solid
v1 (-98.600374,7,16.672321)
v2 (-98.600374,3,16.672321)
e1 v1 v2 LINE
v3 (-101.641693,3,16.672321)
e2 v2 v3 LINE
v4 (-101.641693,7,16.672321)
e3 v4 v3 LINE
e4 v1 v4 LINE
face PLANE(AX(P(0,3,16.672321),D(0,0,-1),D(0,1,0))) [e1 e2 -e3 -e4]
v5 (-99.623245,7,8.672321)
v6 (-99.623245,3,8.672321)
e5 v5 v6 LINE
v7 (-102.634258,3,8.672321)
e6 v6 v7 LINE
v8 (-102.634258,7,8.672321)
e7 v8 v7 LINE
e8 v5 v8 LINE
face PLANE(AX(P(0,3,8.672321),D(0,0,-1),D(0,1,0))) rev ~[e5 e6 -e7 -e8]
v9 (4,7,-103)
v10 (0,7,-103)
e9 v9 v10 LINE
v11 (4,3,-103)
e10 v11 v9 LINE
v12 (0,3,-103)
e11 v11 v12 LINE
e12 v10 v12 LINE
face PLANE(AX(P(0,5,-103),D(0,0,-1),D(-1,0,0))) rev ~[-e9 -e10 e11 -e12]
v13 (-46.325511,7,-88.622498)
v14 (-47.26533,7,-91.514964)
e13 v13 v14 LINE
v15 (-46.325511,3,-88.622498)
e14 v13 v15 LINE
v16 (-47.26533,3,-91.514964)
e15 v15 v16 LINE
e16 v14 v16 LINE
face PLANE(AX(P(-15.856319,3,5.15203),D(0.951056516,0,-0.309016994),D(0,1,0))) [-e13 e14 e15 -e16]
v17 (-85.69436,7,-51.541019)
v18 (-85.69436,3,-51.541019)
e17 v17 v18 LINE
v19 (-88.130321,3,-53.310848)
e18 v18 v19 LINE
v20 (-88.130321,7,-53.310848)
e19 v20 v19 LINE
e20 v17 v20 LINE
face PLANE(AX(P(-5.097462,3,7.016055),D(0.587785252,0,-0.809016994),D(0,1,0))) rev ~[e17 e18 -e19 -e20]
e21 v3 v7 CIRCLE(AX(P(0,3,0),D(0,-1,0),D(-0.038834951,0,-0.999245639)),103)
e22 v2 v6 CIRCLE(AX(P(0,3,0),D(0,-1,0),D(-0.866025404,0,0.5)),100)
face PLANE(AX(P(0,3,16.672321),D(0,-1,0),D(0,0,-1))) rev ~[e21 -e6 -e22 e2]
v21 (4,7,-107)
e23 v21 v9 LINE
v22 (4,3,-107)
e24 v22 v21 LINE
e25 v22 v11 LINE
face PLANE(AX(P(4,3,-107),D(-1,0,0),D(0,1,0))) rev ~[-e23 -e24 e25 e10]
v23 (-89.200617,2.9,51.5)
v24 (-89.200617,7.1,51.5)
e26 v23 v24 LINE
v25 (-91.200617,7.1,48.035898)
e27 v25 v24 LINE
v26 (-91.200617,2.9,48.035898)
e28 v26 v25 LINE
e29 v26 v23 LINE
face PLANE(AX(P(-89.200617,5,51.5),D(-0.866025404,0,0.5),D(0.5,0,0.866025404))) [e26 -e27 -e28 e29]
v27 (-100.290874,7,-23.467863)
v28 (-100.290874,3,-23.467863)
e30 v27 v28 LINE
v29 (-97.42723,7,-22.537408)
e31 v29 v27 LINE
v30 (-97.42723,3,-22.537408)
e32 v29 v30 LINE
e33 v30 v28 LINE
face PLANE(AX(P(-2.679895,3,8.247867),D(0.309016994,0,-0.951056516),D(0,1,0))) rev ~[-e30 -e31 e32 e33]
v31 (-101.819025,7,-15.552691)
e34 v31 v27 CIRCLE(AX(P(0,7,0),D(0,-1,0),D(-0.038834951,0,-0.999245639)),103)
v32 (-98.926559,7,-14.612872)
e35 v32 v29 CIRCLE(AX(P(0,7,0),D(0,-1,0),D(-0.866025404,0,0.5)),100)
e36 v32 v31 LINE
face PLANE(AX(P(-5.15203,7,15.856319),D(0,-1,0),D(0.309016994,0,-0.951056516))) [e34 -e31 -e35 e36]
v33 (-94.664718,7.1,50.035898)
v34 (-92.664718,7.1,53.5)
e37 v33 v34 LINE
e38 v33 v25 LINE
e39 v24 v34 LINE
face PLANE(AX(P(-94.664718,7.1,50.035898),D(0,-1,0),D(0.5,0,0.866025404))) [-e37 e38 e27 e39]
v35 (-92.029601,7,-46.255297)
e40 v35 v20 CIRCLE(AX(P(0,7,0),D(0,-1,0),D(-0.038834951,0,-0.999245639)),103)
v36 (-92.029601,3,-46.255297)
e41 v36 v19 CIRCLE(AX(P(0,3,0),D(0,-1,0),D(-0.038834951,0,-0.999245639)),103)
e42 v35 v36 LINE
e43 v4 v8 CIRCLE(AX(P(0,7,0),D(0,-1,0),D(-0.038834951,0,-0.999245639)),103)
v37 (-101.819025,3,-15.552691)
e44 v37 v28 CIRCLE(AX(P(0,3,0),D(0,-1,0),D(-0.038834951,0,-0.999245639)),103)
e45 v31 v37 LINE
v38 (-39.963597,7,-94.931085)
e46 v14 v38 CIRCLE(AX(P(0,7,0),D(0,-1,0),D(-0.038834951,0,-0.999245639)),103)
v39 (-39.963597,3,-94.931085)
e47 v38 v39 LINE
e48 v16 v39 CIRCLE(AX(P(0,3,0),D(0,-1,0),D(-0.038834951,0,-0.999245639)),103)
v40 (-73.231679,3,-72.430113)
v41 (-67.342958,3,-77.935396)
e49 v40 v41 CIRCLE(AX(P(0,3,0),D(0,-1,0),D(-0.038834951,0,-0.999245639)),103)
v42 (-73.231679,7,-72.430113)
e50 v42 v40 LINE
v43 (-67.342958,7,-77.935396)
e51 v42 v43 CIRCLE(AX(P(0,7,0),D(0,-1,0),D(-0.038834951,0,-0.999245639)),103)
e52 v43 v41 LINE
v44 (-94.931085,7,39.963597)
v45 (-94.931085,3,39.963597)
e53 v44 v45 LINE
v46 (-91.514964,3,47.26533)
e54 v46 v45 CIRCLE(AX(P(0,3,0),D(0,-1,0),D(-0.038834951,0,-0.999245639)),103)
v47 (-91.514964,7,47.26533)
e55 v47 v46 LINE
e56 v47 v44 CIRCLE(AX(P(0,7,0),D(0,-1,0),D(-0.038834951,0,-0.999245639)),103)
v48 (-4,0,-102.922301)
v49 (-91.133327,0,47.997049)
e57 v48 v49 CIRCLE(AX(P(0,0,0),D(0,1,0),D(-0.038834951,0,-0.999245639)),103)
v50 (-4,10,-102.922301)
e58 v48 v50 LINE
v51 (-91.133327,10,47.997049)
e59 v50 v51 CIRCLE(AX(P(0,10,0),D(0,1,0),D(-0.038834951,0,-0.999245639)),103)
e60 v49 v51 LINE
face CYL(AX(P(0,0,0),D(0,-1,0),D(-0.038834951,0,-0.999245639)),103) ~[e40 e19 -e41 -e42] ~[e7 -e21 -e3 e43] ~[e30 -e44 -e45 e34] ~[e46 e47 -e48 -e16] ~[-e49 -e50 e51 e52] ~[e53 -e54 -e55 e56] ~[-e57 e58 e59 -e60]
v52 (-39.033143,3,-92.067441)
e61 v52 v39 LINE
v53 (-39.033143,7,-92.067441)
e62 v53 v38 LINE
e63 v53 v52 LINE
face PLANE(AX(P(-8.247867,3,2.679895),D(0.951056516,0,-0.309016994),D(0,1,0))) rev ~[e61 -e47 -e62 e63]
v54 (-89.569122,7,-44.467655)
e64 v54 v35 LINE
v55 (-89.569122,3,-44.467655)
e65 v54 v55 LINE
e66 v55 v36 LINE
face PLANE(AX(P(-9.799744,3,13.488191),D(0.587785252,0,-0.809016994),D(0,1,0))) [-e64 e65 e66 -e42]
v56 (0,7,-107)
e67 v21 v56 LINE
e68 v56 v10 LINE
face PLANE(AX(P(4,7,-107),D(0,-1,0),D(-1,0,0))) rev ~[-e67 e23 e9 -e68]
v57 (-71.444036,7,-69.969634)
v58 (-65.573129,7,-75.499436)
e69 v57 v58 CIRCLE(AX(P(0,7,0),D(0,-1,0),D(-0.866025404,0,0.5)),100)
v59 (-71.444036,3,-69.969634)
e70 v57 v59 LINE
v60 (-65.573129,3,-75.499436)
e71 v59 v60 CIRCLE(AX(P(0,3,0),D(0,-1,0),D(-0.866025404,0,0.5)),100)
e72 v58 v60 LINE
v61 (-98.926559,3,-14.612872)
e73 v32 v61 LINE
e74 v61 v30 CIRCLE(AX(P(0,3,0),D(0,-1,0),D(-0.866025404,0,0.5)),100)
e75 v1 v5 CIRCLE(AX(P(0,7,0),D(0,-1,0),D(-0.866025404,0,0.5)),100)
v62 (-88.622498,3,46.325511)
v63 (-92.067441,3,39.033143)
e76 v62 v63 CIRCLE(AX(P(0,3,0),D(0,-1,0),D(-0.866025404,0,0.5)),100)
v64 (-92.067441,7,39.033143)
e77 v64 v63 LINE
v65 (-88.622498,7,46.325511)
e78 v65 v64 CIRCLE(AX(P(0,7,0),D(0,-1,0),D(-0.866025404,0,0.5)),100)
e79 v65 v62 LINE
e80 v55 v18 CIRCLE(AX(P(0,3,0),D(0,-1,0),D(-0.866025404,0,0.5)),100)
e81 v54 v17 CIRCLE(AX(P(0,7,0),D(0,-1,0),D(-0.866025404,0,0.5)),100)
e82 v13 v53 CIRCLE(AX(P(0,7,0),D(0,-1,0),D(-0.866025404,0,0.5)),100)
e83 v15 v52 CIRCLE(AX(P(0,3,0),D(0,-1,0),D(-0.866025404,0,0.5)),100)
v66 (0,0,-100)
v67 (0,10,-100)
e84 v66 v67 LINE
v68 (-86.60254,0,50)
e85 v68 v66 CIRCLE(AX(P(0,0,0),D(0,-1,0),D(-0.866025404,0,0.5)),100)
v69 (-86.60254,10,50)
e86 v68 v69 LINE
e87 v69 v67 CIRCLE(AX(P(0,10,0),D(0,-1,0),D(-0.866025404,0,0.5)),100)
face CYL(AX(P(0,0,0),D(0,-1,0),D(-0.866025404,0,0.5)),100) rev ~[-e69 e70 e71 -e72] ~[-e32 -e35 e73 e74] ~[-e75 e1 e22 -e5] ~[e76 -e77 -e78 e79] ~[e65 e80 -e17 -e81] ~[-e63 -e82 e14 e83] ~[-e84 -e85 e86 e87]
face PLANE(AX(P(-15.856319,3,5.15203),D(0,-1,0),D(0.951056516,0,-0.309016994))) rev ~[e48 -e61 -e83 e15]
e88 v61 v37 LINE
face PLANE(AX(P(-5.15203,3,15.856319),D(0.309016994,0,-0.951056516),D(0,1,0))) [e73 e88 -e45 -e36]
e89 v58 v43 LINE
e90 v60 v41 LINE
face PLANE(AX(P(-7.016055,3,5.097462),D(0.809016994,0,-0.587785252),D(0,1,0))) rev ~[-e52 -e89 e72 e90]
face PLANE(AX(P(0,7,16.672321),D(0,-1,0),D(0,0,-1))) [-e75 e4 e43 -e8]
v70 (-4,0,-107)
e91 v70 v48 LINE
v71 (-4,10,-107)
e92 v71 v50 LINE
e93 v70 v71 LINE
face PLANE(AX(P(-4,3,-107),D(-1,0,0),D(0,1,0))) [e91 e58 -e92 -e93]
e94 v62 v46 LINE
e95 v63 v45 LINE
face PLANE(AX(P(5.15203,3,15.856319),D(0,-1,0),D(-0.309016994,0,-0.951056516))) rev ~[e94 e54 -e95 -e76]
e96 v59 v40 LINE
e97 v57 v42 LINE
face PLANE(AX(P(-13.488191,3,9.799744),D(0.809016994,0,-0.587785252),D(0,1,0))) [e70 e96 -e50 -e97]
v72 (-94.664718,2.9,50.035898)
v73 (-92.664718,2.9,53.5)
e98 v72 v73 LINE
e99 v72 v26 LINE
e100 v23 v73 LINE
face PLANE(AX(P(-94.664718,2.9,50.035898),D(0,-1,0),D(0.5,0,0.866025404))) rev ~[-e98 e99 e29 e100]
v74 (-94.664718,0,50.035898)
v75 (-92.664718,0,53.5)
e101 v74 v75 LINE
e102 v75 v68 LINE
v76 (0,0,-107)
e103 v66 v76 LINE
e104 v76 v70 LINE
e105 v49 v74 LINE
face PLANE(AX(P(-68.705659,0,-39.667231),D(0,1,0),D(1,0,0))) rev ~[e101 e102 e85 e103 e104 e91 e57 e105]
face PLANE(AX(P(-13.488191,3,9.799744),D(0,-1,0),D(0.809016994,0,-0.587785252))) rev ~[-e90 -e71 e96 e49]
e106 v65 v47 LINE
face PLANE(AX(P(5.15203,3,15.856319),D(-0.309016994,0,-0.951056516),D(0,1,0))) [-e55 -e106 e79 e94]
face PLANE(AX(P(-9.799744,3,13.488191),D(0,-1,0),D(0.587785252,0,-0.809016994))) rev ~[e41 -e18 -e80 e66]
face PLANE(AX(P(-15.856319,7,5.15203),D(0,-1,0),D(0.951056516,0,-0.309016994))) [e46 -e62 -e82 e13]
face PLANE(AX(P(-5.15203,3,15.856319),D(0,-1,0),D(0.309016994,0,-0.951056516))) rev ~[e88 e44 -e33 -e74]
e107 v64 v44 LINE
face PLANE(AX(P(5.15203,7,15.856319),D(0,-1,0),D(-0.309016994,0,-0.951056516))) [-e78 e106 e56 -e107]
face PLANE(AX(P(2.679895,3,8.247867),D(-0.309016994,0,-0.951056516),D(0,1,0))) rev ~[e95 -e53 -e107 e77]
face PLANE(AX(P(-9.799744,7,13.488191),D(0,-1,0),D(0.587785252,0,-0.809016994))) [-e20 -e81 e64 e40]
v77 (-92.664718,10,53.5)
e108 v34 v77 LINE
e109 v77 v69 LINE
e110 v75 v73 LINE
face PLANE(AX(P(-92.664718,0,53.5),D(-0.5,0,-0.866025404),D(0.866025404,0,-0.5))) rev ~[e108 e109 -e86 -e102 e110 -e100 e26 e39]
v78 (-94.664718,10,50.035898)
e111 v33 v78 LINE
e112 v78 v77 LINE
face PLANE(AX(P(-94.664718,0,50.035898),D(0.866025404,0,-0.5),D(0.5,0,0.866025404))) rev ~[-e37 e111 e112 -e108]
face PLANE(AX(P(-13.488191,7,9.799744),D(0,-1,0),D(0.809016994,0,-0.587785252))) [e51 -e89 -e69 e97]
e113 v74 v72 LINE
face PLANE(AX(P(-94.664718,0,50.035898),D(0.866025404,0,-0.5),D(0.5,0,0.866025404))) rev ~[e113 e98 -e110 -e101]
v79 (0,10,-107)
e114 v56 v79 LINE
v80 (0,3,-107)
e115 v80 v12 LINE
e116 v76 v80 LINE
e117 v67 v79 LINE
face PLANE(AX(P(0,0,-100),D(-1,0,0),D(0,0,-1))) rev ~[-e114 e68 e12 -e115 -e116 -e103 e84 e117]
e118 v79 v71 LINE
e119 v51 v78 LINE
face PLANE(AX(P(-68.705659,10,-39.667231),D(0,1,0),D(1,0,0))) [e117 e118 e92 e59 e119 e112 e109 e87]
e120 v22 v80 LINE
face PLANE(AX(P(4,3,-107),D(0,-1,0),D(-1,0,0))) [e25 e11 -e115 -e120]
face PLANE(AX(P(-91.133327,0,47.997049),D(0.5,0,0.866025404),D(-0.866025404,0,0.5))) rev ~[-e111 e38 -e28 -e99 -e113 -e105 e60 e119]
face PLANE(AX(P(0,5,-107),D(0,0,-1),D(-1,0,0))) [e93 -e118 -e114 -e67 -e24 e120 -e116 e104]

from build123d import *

# Parameters (mm, degrees)
BOSS_EXTRUDE1_DEPTH             = 10
SKETCH2_W                       = 8
SKETCH2_H                       = 4.2
CUT_EXTRUDE1_DEPTH              = 4
SKETCH3_W                       = 8
SKETCH3_H                       = 4
BOSS_EXTRUDE2_DEPTH             = 4
SKETCH4_W                       = 8
SKETCH4_H                       = 4
CUT_EXTRUDE2_DEPTH              = 104
CIRPATTERN4_COUNT               = 5
CIRPATTERN4_ANGLE               = 72
CIRPATTERN4_THE_OTHER_WAY_COUNT = 5
CIRPATTERN4_THE_OTHER_WAY_ANGLE = 72


with BuildPart() as part:
    # Sketch1 → Boss-Extrude1 (new body)
    with BuildSketch(Plane(origin=(0, 0, 0), x_dir=(1, 0, 0), z_dir=(0, 1, 0))):
        with BuildLine():
            Line((-4, 107), (-4, 102.92230079))
            ThreePointArc((-4, 102.92230079), (-89.20061659, 51.5), (-91.1333271, -47.99704878))
            Line((-91.1333271, -47.99704878), (-94.664718205, -50.035898385))
            Line((-94.664718205, -50.035898385), (-92.664718205, -53.5))
            Line((-92.664718205, -53.5), (-86.602540378, -50))
            ThreePointArc((-86.602540378, -50), (-86.602540378, 50), (0, 100))
            Line((0, 100), (0, 107))
            Line((0, 107), (-4, 107))
        make_face()
    extrude(amount=BOSS_EXTRUDE1_DEPTH)

    # Sketch2 → Cut-Extrude1 (cut)
    with BuildSketch(Plane(origin=(-92.664718205, 0, 53.5), x_dir=(0.5, 0, 0.866025404), z_dir=(-0.866025404, 0, 0.5))):
        with Locations((0, 5)):
            Rectangle(SKETCH2_W, SKETCH2_H)
    extrude(amount=-CUT_EXTRUDE1_DEPTH, mode=Mode.SUBTRACT)

    # Sketch3 → Boss-Extrude2 (add)
    with BuildSketch(Plane(origin=(0, 0, -107), x_dir=(-1, 0, 0), z_dir=(0, 0, -1))):
        with Locations((0, 5)):
            Rectangle(SKETCH3_W, SKETCH3_H)
    extrude(amount=-BOSS_EXTRUDE2_DEPTH)

    # Sketch4 → Cut-Extrude2 (cut, through all)
    with BuildSketch(Plane(origin=(0, 0, 0), x_dir=(0, 0, -1), z_dir=(1, 0, 0))):
        with Locations((-12.672320837, 5)):
            Rectangle(SKETCH4_W, SKETCH4_H)
    cut_extrude2 = extrude(amount=-CUT_EXTRUDE2_DEPTH, mode=Mode.SUBTRACT)

    # CirPattern4: Cut-Extrude2 ×5 about axis
    cirpattern4_axis = Axis((0, 0, 0), (0, -1, 0))
    for i in range(1, CIRPATTERN4_COUNT):
        add(cut_extrude2.rotate(cirpattern4_axis, i * CIRPATTERN4_ANGLE / (CIRPATTERN4_COUNT - 1)), mode=Mode.SUBTRACT)

    # CirPattern4 the other way: Cut-Extrude2 ×5 about axis
    cirpattern4_the_other_way_axis = Axis((0, 0, 0), (0, 1, 0))
    for i in range(1, CIRPATTERN4_THE_OTHER_WAY_COUNT):
        add(cut_extrude2.rotate(cirpattern4_the_other_way_axis, i * CIRPATTERN4_THE_OTHER_WAY_ANGLE / (CIRPATTERN4_THE_OTHER_WAY_COUNT - 1)), mode=Mode.SUBTRACT)


solid = part.part
